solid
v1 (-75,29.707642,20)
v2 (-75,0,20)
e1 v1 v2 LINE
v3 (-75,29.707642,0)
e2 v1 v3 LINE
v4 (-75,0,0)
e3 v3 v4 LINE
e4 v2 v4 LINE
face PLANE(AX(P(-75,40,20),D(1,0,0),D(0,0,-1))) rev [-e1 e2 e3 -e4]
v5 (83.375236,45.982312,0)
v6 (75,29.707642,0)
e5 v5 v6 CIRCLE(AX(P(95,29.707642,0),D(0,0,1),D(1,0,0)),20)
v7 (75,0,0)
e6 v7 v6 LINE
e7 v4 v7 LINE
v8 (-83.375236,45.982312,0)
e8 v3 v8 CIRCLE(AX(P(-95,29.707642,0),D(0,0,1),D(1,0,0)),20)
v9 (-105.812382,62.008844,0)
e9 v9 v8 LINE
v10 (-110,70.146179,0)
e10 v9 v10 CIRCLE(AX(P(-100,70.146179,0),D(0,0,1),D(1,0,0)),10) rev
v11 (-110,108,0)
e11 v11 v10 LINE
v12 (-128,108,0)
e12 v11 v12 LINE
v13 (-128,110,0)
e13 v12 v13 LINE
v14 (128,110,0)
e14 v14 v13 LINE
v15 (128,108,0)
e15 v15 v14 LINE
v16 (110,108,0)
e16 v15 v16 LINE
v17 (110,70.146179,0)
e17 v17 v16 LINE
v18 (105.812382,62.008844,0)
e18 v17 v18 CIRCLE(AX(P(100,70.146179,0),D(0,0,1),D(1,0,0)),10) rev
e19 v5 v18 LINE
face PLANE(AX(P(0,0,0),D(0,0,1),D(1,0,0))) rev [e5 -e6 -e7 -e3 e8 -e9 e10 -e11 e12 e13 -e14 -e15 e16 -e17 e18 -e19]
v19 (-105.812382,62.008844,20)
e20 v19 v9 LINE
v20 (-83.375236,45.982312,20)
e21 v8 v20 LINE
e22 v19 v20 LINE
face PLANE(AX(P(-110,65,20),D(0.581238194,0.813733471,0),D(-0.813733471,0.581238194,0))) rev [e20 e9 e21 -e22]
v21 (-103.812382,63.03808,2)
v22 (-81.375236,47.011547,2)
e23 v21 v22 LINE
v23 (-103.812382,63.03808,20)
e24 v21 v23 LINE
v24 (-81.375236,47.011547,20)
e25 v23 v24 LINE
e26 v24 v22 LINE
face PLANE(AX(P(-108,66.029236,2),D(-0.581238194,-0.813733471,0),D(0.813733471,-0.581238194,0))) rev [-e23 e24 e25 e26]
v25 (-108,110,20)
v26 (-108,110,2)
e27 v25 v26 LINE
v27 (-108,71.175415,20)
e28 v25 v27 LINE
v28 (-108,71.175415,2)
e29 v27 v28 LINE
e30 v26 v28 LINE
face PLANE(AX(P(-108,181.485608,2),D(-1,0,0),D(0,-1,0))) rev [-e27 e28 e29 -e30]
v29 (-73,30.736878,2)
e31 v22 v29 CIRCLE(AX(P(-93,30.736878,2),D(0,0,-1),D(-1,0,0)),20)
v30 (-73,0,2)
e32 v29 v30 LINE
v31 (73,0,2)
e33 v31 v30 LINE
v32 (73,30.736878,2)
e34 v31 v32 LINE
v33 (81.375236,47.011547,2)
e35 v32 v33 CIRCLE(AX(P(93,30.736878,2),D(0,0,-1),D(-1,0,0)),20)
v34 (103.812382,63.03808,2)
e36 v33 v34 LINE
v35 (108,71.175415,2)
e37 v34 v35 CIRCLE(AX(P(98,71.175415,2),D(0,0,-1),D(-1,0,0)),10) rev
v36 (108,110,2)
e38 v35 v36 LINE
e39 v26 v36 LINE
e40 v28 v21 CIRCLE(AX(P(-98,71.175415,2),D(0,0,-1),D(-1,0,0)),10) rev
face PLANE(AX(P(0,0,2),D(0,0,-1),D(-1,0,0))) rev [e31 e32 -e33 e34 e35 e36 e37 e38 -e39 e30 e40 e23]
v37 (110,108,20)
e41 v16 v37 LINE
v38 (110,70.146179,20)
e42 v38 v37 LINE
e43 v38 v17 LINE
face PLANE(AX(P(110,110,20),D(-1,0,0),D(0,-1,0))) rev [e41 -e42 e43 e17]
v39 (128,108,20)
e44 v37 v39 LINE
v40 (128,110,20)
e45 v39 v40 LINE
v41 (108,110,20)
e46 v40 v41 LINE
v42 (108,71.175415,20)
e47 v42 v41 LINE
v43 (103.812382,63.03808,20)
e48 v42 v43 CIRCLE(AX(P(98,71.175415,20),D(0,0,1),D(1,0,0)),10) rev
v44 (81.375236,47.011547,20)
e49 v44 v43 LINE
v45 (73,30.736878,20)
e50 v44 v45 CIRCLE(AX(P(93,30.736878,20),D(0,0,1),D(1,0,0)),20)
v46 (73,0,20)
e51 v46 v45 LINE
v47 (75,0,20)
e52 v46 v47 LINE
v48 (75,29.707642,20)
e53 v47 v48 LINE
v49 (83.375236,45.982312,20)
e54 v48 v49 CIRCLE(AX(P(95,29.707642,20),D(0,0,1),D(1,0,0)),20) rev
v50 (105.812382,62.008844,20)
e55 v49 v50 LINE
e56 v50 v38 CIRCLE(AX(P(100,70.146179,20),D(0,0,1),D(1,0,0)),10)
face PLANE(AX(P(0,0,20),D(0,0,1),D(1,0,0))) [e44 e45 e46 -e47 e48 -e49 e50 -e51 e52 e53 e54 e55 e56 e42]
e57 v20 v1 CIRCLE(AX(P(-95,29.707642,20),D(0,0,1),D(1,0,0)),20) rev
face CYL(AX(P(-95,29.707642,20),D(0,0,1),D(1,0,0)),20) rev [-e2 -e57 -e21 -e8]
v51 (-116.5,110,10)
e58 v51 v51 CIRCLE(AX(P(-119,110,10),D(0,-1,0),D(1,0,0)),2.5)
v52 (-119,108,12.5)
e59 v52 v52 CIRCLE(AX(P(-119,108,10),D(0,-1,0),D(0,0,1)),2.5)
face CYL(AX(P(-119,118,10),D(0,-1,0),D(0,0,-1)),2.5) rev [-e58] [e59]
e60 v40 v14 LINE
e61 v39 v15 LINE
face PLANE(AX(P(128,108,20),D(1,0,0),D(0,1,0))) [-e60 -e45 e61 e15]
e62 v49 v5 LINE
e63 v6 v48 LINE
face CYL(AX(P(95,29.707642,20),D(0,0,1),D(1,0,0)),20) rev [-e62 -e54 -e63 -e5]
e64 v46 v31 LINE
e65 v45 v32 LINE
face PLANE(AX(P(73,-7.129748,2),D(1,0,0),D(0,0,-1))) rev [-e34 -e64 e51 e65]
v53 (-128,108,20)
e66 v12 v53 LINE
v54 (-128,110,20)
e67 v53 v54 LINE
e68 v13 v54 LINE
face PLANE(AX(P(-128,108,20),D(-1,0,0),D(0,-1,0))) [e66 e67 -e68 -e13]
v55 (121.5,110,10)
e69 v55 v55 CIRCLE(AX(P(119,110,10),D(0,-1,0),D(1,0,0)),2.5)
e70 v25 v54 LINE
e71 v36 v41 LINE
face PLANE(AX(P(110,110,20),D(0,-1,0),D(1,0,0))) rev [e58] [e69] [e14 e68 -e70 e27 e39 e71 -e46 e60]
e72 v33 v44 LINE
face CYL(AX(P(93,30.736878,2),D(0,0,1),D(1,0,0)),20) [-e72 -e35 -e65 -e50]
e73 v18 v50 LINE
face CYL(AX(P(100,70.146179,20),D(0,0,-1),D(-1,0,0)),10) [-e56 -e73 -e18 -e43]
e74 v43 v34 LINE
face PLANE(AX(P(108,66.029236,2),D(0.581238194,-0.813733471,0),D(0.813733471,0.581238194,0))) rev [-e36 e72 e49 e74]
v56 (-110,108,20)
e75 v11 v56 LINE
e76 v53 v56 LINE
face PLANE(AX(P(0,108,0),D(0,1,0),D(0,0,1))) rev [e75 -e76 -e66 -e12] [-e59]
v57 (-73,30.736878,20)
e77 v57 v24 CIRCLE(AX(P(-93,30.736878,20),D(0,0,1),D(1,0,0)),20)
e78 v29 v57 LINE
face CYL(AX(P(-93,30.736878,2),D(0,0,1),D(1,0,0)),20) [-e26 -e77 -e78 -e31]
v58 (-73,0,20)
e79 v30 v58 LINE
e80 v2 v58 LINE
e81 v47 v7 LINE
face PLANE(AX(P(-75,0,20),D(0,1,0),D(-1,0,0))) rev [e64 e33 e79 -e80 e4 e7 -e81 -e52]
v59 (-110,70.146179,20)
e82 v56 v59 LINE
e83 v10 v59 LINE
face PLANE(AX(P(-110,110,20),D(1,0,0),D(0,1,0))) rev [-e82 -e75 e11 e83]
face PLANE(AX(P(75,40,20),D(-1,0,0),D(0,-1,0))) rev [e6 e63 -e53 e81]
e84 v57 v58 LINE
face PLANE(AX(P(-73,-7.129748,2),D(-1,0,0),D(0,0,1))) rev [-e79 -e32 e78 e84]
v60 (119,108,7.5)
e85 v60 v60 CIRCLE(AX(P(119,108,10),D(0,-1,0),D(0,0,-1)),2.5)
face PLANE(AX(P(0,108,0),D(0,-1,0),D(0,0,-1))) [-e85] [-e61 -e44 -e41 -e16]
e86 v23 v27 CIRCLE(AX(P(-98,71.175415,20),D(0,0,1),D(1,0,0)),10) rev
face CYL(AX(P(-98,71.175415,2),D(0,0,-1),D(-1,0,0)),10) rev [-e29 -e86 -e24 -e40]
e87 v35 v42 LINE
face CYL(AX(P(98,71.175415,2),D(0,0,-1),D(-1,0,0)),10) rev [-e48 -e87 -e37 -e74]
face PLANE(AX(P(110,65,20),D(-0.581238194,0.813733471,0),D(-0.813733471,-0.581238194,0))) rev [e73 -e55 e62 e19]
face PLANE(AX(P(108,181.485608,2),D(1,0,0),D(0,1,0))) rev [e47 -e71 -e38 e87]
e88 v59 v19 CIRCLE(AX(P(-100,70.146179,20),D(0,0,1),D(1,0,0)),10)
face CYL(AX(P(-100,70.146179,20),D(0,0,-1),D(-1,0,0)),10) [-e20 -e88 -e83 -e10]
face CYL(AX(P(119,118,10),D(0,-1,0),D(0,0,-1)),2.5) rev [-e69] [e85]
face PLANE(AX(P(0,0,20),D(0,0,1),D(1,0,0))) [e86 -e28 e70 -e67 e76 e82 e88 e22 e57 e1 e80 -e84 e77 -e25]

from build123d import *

# Parameters (mm, degrees)
BOSS_EXTRU_1_DEPTH      = 20
ENL_V_MAT_EXTRU_2_DEPTH = 18
CONG_1_R                = 20
CONG_2_R                = 10
ESQUISSE7_W             = 20
ESQUISSE7_H             = 20
BOSS_EXTRU_2_DEPTH      = 2
ESQUISSE8_R             = 2.5
ENL_V_MAT_EXTRU_3_DEPTH = 10


with BuildPart() as part:
    # Esquisse1 → Boss.-Extru.1 (new body)
    with BuildSketch(Plane.XY):
        Polygon((110, 110), (-110, 110), (-110, 65), (-75, 40), (-75, 0), (75, 0), (75, 40), (110, 65), align=None)
    extrude(amount=BOSS_EXTRU_1_DEPTH)

    # Esquisse4 → Enlèv. mat.-Extru.2 (cut)
    with BuildSketch(Plane.XY.offset(20)):
        Polygon((-108, 181.485608489), (-108, 66.029235791), (-73, 41.029235791), (-73, -7.129747867), (73, -7.129747867), (73, 41.029235791), (108, 66.029235791), (108, 181.485608489), align=None)
    extrude(amount=-ENL_V_MAT_EXTRU_2_DEPTH, mode=Mode.SUBTRACT)

    # Congé1
    cong_1_edges = [part.edges().sort_by_distance(p)[0] for p in [
        (75, 40, 10),
        (-75, 40, 10),
        (73, 41.029235791, 11),
        (-73, 41.029235791, 11),
    ]]
    fillet(cong_1_edges, radius=CONG_1_R)

    # Congé2
    cong_2_edges = [part.edges().sort_by_distance(p)[0] for p in [
        (110, 65, 10),
        (-110, 65, 10),
        (-108, 66.029235791, 11),
        (108, 66.029235791, 11),
    ]]
    fillet(cong_2_edges, radius=CONG_2_R)

    # Esquisse7 → Boss.-Extru.2 (add)
    with BuildSketch(Plane(origin=(0, 110, 0), x_dir=(1, 0, 0), z_dir=(0, 1, 0))):
        with Locations((-118, -10)):
            Rectangle(ESQUISSE7_W, ESQUISSE7_H)
        with Locations((118, -10)):
            Rectangle(ESQUISSE7_W, ESQUISSE7_H)
    extrude(amount=-BOSS_EXTRU_2_DEPTH)

    # Esquisse8 → Enlèv. mat.-Extru.3 (cut)
    with BuildSketch(Plane.XZ.offset(-108)):
        with Locations(Location((119, 10, 0), (0, 0, 270))):
            Circle(ESQUISSE8_R)
        with Locations((-119, 10)):
            Circle(ESQUISSE8_R)
    extrude(amount=-ENL_V_MAT_EXTRU_3_DEPTH, mode=Mode.SUBTRACT)


solid = part.part
